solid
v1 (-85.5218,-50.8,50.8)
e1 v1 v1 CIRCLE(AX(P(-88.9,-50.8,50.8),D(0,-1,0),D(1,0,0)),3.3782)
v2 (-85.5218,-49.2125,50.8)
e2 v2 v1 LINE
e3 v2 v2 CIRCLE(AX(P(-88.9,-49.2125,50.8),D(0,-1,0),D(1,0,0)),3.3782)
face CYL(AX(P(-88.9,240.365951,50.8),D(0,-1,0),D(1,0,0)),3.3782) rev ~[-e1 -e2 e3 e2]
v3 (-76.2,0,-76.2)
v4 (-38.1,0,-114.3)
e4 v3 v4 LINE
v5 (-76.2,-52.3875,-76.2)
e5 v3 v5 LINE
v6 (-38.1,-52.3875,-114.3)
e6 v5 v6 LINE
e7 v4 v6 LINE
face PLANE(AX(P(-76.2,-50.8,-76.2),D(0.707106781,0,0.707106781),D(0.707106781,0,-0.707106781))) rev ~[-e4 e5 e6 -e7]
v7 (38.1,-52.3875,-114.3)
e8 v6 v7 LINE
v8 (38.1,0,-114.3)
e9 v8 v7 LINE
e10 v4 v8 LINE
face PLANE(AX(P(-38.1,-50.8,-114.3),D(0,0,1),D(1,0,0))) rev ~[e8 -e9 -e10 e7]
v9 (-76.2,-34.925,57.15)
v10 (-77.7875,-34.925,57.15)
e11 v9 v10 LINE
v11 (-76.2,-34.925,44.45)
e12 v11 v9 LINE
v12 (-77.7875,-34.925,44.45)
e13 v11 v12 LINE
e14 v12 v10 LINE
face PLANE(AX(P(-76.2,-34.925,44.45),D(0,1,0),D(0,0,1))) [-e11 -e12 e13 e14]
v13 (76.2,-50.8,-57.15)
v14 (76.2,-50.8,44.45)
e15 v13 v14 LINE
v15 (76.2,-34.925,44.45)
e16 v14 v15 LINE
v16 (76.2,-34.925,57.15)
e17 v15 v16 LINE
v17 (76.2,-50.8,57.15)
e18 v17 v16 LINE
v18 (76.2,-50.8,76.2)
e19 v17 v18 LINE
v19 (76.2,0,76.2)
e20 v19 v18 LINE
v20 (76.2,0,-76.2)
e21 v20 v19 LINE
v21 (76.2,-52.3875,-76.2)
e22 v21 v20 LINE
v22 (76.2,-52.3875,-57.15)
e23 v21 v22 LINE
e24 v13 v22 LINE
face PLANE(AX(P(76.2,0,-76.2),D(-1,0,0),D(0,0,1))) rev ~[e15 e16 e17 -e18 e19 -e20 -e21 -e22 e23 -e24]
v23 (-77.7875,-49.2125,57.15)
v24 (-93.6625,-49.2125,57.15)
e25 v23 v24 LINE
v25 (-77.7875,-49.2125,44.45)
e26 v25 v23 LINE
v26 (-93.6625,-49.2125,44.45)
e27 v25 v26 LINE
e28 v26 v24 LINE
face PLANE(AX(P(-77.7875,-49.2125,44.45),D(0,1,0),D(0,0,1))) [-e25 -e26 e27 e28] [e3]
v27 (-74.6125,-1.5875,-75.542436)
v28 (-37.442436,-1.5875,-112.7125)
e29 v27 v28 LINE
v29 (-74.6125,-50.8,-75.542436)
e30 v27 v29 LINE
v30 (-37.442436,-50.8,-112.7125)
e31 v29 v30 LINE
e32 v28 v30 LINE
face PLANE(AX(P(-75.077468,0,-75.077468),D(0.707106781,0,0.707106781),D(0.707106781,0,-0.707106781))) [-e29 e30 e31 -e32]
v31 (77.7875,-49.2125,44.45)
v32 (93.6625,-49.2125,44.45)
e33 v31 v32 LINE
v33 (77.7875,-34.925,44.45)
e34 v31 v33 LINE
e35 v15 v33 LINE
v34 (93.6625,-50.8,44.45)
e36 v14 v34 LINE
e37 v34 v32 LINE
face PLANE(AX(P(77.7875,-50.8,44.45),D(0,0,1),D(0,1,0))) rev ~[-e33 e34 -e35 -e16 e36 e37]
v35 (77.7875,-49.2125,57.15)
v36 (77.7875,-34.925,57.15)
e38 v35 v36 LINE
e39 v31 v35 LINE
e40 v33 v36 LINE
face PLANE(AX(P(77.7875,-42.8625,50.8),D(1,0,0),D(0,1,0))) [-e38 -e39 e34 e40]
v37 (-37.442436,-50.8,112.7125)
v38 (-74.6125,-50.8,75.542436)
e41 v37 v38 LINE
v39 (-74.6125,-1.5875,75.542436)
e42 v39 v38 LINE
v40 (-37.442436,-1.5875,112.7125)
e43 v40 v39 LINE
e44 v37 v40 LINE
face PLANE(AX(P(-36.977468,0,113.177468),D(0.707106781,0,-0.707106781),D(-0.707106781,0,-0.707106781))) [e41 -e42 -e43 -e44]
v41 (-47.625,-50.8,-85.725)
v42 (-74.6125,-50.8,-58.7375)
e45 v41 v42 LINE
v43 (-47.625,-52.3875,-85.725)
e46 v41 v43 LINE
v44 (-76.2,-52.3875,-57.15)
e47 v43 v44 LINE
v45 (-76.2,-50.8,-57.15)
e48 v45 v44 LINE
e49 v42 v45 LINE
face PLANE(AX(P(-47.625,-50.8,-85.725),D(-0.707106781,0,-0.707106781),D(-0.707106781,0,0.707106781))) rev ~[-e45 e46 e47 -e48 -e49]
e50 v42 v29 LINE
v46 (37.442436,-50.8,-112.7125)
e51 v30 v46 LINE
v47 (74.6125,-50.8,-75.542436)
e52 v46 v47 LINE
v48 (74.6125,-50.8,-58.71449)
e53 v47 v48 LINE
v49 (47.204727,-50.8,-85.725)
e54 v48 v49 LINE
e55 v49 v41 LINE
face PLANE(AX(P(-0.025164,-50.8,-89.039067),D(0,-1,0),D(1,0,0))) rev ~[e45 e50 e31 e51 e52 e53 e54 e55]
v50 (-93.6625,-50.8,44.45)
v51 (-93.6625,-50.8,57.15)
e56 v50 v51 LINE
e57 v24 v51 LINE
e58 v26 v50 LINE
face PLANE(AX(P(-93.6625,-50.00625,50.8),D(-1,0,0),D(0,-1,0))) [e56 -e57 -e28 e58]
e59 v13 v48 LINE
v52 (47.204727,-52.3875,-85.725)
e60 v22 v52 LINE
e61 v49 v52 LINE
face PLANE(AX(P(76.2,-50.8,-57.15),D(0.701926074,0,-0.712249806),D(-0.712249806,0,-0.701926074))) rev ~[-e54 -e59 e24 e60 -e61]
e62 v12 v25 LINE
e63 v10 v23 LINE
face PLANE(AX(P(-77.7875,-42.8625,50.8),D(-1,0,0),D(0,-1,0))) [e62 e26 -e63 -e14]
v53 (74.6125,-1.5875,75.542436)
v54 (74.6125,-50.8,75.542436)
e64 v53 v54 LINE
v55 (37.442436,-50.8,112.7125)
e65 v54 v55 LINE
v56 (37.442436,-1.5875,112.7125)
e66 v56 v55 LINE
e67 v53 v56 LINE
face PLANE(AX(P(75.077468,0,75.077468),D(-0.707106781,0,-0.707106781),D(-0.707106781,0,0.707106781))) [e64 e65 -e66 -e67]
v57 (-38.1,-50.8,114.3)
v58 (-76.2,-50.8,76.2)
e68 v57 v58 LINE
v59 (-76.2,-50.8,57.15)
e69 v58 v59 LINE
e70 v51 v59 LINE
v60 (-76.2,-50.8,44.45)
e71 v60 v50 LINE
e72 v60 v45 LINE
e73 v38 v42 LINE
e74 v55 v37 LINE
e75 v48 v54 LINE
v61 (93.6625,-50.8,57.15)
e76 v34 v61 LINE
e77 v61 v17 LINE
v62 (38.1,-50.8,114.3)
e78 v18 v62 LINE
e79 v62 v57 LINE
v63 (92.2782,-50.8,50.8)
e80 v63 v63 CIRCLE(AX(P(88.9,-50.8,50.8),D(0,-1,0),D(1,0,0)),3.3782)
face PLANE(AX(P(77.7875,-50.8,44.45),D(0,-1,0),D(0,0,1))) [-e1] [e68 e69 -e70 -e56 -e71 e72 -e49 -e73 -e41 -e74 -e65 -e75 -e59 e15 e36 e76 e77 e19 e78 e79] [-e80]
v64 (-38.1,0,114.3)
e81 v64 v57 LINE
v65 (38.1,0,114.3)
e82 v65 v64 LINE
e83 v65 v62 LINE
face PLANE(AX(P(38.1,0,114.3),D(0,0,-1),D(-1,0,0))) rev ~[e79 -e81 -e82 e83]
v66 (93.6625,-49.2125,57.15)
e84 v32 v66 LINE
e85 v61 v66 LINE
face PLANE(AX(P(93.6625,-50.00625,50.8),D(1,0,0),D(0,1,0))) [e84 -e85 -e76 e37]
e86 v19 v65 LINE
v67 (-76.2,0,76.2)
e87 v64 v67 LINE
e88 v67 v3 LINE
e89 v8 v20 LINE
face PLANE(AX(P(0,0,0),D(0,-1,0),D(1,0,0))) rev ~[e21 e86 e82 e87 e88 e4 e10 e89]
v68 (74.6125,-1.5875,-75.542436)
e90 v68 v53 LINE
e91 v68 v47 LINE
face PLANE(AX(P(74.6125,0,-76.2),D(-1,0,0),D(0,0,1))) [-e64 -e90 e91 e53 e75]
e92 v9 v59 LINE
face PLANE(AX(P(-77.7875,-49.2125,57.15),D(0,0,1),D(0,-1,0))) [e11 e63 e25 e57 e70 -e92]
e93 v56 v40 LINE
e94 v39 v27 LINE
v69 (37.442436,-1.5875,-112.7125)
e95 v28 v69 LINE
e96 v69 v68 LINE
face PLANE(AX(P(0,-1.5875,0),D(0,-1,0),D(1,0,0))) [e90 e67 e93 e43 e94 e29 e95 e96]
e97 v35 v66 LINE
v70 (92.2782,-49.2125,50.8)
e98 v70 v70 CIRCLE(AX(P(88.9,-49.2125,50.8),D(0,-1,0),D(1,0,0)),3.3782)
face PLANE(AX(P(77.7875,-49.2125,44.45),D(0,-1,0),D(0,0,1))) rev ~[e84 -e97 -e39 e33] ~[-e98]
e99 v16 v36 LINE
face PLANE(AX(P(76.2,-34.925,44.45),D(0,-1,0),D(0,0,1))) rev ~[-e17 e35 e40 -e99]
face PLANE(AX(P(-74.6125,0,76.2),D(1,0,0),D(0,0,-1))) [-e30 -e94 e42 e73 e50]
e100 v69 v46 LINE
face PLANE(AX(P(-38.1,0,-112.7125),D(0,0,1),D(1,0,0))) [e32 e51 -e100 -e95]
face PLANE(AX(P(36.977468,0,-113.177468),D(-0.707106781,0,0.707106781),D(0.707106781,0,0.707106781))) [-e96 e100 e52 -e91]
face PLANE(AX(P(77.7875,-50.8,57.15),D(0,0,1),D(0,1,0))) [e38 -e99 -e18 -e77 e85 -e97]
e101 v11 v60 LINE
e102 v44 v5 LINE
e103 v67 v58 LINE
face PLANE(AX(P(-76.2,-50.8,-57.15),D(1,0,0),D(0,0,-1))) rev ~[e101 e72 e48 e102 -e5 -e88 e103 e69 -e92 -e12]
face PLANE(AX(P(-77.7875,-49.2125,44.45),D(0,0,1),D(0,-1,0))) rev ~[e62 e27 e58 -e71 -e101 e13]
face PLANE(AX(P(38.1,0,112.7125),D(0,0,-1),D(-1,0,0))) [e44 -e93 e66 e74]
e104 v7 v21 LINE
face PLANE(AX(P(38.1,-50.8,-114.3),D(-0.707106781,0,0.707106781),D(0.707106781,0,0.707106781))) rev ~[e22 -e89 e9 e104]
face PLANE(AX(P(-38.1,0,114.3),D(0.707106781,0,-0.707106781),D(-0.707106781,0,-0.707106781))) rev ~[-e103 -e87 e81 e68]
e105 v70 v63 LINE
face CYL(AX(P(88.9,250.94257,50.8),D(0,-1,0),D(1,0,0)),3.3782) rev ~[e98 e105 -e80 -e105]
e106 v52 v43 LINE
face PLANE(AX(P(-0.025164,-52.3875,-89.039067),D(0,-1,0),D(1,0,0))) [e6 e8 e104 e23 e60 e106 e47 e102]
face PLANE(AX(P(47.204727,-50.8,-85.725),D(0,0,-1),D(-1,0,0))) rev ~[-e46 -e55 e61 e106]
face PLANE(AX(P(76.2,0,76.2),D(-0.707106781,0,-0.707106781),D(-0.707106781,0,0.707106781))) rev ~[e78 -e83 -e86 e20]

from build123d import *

# Parameters (mm, degrees)
F1_DEPTH  = 50.8
F2_T      = -1.5875
F4_DEPTH  = 1.5875
F5_W      = 15.875
F5_H      = 12.7
F6_DEPTH  = 1.5875
F7_W      = 1.5875
F7_H      = 12.7
F8_DEPTH  = 15.875
F10_D     = 6.7564
F11_W     = 15.875
F11_H     = 12.7
F12_DEPTH = 1.5875
F13_W     = 1.5875
F13_H     = 12.7
F14_DEPTH = 15.875
F16_D     = 6.7564


with BuildPart() as f1:
    # F0 (on Front) → F1 (new body)
    with BuildSketch(Plane.XZ):
        Polygon((-38.1, 114.3), (-76.2, 76.2), (-76.2, -76.2), (-38.1, -114.3), (0, -114.3), (38.1, -114.3), (76.2, -76.2), (76.2, 76.2), (38.1, 114.3), (0, 114.3), align=None)
    extrude(amount=F1_DEPTH)

    # F2
    f2_openings = [f1.faces().sort_by_distance(p)[0] for p in [
        (0, -50.8, 0),
    ]]
    offset(amount=F2_T, openings=f2_openings)

    # F3 (on face) → F4 (join)
    with BuildSketch(Plane.XZ.offset(50.8)):
        Polygon((-47.625, -85.725), (-76.2, -57.15), (-76.2, -76.2), (-38.1, -114.3), (38.1, -114.3), (76.2, -76.2), (76.2, -57.15), (47.204726897, -85.725), align=None)
    extrude(amount=F4_DEPTH)

    # F5 (on face) → F6 (join)
    with BuildSketch(Plane(origin=(-76.2, 0, 0), x_dir=(0, -1, 0), z_dir=(-1, 0, 0))):
        with Locations((42.8625, 50.8)):
            Rectangle(F5_W, F5_H)
    extrude(amount=F6_DEPTH)

    # F7 (on face) → F8 (join)
    with BuildSketch(Plane(origin=(-77.7875, 0, 0), x_dir=(0, -1, 0), z_dir=(-1, 0, 0))):
        with Locations((50.00625, 50.8)):
            Rectangle(F7_W, F7_H)
    extrude(amount=F8_DEPTH)

    # F10 (through all)
    with Locations(Plane(origin=(0, -49.2125, 0), x_dir=(-1, 0, 0), z_dir=(0, 1, 0))):
        with Locations((88.9, 50.8)):
            Hole(F10_D / 2)

    # F11 (on face) → F12 (join)
    with BuildSketch(Plane.YZ.offset(76.2)):
        with Locations((-42.8625, 50.8)):
            Rectangle(F11_W, F11_H)
    extrude(amount=F12_DEPTH)

    # F13 (on face) → F14 (join)
    with BuildSketch(Plane.YZ.offset(77.7875)):
        with Locations((-50.00625, 50.8)):
            Rectangle(F13_W, F13_H)
    extrude(amount=F14_DEPTH)

    # F16 (through all)
    with Locations(Plane(origin=(0, -49.2125, 0), x_dir=(-1, 0, 0), z_dir=(0, 1, 0))):
        with Locations((-88.9, 50.8)):
            Hole(F16_D / 2)


solid = f1.part
